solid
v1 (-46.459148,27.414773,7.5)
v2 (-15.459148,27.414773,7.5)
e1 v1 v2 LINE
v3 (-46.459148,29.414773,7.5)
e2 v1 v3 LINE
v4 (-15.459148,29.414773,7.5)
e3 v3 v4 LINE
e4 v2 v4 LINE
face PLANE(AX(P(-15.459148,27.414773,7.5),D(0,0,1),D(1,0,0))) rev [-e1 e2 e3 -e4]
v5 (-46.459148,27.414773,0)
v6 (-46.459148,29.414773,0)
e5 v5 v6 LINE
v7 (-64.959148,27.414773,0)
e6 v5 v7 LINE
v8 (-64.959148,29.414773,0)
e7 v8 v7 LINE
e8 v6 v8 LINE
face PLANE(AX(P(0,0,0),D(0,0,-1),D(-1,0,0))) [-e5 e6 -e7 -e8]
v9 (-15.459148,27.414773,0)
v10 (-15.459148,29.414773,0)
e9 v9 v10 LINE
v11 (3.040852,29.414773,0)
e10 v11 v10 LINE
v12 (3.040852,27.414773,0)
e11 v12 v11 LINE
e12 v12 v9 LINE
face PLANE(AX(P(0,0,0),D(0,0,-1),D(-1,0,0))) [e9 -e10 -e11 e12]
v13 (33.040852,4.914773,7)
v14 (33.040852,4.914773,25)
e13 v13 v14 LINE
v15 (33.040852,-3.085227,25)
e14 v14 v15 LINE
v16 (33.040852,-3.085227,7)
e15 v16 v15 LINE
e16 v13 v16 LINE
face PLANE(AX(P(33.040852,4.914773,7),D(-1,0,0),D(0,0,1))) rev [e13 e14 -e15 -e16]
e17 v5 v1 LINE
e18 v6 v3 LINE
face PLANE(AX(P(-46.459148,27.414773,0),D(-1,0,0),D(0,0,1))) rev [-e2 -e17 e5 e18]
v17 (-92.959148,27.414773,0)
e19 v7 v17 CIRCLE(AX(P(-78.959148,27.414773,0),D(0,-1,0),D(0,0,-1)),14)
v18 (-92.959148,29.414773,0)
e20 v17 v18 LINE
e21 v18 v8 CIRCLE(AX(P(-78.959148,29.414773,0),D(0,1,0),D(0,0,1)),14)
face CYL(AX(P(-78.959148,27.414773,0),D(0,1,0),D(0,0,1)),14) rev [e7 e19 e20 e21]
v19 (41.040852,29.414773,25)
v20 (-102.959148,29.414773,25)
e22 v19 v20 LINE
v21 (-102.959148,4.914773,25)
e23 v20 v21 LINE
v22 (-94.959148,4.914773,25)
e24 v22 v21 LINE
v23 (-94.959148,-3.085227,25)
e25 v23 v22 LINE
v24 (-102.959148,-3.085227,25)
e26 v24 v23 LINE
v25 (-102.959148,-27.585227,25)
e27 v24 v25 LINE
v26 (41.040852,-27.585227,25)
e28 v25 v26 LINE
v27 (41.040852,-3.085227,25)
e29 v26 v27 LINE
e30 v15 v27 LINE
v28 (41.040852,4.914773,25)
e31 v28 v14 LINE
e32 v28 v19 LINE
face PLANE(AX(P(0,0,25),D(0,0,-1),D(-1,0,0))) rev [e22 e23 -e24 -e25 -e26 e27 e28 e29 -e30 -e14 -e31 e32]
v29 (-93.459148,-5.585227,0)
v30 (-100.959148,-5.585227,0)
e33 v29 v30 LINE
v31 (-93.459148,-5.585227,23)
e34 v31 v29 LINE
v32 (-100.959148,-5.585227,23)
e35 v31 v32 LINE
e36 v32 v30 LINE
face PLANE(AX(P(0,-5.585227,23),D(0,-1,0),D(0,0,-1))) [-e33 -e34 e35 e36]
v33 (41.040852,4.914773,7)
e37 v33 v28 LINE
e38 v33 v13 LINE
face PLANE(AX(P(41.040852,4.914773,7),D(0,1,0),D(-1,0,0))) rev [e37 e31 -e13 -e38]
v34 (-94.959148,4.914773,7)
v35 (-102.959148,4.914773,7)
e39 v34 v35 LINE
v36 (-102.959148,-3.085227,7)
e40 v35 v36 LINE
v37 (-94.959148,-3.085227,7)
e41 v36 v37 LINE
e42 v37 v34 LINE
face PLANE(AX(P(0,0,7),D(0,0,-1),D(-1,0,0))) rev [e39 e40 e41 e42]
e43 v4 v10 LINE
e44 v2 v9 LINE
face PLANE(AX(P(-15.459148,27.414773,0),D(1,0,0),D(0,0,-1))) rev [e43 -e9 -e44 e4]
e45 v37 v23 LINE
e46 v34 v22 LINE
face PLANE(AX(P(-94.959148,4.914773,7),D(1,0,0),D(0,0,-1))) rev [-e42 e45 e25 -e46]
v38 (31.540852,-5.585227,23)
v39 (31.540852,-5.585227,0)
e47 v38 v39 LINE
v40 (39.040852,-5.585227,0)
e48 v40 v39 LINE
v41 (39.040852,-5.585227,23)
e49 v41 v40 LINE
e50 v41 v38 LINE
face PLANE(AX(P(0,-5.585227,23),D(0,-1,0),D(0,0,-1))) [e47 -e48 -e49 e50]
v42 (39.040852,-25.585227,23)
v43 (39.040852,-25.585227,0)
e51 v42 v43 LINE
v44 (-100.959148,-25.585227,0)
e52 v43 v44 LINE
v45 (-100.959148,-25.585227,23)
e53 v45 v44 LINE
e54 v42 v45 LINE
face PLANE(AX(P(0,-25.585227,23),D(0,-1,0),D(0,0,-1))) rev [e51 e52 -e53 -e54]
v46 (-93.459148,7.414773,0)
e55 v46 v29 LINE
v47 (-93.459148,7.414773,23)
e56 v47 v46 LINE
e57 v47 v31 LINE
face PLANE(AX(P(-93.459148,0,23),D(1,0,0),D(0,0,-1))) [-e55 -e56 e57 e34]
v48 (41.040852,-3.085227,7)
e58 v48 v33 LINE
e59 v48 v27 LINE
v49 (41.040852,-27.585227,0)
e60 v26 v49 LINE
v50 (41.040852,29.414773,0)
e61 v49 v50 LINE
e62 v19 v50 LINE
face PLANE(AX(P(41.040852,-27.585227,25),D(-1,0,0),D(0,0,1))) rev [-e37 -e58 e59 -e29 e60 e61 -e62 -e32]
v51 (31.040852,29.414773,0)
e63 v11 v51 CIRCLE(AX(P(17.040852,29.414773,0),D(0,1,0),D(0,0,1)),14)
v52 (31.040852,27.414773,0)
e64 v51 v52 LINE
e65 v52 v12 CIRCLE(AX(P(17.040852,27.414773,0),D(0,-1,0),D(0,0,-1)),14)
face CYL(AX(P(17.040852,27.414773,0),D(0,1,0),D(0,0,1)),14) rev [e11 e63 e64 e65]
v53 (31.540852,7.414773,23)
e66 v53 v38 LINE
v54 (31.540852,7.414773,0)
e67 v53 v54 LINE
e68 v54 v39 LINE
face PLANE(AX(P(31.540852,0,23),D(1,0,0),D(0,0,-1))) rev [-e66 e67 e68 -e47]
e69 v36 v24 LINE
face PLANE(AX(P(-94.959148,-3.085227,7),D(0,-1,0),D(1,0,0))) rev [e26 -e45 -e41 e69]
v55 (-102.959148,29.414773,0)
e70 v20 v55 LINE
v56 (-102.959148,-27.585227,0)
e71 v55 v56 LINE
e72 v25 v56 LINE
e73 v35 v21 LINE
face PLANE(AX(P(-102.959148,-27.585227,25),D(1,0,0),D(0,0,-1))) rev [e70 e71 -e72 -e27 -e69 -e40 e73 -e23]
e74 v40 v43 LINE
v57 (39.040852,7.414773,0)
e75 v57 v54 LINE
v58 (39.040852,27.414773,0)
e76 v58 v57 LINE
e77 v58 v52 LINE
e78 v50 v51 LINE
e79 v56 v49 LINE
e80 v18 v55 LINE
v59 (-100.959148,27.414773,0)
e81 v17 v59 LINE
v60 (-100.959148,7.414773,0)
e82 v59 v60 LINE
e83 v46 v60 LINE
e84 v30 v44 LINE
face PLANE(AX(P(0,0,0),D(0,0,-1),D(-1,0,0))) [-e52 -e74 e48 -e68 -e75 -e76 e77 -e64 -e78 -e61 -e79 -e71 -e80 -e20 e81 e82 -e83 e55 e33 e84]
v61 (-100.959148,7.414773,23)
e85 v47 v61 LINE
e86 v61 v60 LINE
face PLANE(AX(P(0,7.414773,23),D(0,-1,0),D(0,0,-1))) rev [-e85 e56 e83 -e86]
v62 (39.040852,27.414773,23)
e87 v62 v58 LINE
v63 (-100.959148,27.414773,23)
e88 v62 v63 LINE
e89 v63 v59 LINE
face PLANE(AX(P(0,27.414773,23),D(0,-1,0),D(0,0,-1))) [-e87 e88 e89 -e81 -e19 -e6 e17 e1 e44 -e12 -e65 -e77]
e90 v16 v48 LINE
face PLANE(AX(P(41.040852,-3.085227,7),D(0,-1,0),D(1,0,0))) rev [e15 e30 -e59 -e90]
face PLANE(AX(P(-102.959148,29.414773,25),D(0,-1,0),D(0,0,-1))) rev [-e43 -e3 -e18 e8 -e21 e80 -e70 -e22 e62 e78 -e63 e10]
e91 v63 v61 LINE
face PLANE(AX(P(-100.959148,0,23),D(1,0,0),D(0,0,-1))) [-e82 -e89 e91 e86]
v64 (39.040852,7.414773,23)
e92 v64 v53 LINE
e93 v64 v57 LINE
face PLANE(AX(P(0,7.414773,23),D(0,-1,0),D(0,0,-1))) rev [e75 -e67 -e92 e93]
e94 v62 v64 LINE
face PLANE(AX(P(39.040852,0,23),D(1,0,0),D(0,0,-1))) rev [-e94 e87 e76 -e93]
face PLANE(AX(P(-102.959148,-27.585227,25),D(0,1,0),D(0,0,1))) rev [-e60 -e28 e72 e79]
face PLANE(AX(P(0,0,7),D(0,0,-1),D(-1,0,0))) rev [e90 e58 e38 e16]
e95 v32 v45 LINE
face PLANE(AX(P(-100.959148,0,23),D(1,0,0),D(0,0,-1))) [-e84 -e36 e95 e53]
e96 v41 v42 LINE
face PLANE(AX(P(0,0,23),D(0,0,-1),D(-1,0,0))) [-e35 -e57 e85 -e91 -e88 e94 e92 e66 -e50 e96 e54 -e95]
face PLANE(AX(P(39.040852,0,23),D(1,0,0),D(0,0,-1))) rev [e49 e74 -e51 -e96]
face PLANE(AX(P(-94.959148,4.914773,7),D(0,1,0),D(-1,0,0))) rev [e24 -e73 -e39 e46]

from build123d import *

# Parameters (mm, degrees)
SKIZZE1_W                       = 144
SKIZZE1_H                       = 57
AUFSATZ_LINEAR_AUSTRAGEN1_DEPTH = 25
SKIZZE2_W                       = 8
SKIZZE2_H                       = 8
SCHNITT_LINEAR_AUSTRAGEN4_DEPTH = 18
SKIZZE5_W                       = 140
SKIZZE5_H                       = 20
SKIZZE5_W_2                     = 125
SKIZZE5_H_2                     = 13
SCHNITT_LINEAR_AUSTRAGEN5_DEPTH = 23
SKIZZE6_R                       = 14
SKIZZE6_W                       = 31
SKIZZE6_H                       = 7.5
SCHNITT_LINEAR_AUSTRAGEN6_DEPTH = 2


with BuildPart() as part:
    # Skizze1 → Aufsatz-Linear austragen1 (new body)
    with BuildSketch(Plane.XY):
        with Locations((-30.959148289, 0.914772727)):
            Rectangle(SKIZZE1_W, SKIZZE1_H)
    extrude(amount=AUFSATZ_LINEAR_AUSTRAGEN1_DEPTH)

    # Skizze2 → Schnitt-Linear austragen4 (cut)
    with BuildSketch(Plane.XY.offset(25)):
        with Locations((37.040851711, 0.914772727)):
            Rectangle(SKIZZE2_W, SKIZZE2_H)
        with Locations((-98.959148289, 0.914772727)):
            Rectangle(SKIZZE2_W, SKIZZE2_H)
    extrude(amount=-SCHNITT_LINEAR_AUSTRAGEN4_DEPTH, mode=Mode.SUBTRACT)

    # Skizze5 → Schnitt-Linear austragen5 (cut)
    with BuildSketch(Plane(origin=(0, 0, 0), x_dir=(-1, 0, 0), z_dir=(0, 0, -1))):
        with Locations((30.959148289, 17.414772727)):
            Rectangle(SKIZZE5_W, SKIZZE5_H)
        with Locations((30.959148289, 0.914772727)):
            Rectangle(SKIZZE5_W_2, SKIZZE5_H_2)
        with Locations((30.959148289, -15.585227273)):
            Rectangle(SKIZZE5_W, SKIZZE5_H)
    extrude(amount=-SCHNITT_LINEAR_AUSTRAGEN5_DEPTH, mode=Mode.SUBTRACT)

    # Skizze6 → Schnitt-Linear austragen6 (cut)
    with BuildSketch(Plane(origin=(0, 29.414772727, 0), x_dir=(1, 0, 0), z_dir=(0, 1, 0))):
        with Locations((17.040851711, 0)):
            Circle(SKIZZE6_R)
        with Locations((-78.959148289, 0)):
            Circle(SKIZZE6_R)
        with Locations((-30.959148289, -3.75)):
            Rectangle(SKIZZE6_W, SKIZZE6_H)
    extrude(amount=-SCHNITT_LINEAR_AUSTRAGEN6_DEPTH, mode=Mode.SUBTRACT)


solid = part.part
